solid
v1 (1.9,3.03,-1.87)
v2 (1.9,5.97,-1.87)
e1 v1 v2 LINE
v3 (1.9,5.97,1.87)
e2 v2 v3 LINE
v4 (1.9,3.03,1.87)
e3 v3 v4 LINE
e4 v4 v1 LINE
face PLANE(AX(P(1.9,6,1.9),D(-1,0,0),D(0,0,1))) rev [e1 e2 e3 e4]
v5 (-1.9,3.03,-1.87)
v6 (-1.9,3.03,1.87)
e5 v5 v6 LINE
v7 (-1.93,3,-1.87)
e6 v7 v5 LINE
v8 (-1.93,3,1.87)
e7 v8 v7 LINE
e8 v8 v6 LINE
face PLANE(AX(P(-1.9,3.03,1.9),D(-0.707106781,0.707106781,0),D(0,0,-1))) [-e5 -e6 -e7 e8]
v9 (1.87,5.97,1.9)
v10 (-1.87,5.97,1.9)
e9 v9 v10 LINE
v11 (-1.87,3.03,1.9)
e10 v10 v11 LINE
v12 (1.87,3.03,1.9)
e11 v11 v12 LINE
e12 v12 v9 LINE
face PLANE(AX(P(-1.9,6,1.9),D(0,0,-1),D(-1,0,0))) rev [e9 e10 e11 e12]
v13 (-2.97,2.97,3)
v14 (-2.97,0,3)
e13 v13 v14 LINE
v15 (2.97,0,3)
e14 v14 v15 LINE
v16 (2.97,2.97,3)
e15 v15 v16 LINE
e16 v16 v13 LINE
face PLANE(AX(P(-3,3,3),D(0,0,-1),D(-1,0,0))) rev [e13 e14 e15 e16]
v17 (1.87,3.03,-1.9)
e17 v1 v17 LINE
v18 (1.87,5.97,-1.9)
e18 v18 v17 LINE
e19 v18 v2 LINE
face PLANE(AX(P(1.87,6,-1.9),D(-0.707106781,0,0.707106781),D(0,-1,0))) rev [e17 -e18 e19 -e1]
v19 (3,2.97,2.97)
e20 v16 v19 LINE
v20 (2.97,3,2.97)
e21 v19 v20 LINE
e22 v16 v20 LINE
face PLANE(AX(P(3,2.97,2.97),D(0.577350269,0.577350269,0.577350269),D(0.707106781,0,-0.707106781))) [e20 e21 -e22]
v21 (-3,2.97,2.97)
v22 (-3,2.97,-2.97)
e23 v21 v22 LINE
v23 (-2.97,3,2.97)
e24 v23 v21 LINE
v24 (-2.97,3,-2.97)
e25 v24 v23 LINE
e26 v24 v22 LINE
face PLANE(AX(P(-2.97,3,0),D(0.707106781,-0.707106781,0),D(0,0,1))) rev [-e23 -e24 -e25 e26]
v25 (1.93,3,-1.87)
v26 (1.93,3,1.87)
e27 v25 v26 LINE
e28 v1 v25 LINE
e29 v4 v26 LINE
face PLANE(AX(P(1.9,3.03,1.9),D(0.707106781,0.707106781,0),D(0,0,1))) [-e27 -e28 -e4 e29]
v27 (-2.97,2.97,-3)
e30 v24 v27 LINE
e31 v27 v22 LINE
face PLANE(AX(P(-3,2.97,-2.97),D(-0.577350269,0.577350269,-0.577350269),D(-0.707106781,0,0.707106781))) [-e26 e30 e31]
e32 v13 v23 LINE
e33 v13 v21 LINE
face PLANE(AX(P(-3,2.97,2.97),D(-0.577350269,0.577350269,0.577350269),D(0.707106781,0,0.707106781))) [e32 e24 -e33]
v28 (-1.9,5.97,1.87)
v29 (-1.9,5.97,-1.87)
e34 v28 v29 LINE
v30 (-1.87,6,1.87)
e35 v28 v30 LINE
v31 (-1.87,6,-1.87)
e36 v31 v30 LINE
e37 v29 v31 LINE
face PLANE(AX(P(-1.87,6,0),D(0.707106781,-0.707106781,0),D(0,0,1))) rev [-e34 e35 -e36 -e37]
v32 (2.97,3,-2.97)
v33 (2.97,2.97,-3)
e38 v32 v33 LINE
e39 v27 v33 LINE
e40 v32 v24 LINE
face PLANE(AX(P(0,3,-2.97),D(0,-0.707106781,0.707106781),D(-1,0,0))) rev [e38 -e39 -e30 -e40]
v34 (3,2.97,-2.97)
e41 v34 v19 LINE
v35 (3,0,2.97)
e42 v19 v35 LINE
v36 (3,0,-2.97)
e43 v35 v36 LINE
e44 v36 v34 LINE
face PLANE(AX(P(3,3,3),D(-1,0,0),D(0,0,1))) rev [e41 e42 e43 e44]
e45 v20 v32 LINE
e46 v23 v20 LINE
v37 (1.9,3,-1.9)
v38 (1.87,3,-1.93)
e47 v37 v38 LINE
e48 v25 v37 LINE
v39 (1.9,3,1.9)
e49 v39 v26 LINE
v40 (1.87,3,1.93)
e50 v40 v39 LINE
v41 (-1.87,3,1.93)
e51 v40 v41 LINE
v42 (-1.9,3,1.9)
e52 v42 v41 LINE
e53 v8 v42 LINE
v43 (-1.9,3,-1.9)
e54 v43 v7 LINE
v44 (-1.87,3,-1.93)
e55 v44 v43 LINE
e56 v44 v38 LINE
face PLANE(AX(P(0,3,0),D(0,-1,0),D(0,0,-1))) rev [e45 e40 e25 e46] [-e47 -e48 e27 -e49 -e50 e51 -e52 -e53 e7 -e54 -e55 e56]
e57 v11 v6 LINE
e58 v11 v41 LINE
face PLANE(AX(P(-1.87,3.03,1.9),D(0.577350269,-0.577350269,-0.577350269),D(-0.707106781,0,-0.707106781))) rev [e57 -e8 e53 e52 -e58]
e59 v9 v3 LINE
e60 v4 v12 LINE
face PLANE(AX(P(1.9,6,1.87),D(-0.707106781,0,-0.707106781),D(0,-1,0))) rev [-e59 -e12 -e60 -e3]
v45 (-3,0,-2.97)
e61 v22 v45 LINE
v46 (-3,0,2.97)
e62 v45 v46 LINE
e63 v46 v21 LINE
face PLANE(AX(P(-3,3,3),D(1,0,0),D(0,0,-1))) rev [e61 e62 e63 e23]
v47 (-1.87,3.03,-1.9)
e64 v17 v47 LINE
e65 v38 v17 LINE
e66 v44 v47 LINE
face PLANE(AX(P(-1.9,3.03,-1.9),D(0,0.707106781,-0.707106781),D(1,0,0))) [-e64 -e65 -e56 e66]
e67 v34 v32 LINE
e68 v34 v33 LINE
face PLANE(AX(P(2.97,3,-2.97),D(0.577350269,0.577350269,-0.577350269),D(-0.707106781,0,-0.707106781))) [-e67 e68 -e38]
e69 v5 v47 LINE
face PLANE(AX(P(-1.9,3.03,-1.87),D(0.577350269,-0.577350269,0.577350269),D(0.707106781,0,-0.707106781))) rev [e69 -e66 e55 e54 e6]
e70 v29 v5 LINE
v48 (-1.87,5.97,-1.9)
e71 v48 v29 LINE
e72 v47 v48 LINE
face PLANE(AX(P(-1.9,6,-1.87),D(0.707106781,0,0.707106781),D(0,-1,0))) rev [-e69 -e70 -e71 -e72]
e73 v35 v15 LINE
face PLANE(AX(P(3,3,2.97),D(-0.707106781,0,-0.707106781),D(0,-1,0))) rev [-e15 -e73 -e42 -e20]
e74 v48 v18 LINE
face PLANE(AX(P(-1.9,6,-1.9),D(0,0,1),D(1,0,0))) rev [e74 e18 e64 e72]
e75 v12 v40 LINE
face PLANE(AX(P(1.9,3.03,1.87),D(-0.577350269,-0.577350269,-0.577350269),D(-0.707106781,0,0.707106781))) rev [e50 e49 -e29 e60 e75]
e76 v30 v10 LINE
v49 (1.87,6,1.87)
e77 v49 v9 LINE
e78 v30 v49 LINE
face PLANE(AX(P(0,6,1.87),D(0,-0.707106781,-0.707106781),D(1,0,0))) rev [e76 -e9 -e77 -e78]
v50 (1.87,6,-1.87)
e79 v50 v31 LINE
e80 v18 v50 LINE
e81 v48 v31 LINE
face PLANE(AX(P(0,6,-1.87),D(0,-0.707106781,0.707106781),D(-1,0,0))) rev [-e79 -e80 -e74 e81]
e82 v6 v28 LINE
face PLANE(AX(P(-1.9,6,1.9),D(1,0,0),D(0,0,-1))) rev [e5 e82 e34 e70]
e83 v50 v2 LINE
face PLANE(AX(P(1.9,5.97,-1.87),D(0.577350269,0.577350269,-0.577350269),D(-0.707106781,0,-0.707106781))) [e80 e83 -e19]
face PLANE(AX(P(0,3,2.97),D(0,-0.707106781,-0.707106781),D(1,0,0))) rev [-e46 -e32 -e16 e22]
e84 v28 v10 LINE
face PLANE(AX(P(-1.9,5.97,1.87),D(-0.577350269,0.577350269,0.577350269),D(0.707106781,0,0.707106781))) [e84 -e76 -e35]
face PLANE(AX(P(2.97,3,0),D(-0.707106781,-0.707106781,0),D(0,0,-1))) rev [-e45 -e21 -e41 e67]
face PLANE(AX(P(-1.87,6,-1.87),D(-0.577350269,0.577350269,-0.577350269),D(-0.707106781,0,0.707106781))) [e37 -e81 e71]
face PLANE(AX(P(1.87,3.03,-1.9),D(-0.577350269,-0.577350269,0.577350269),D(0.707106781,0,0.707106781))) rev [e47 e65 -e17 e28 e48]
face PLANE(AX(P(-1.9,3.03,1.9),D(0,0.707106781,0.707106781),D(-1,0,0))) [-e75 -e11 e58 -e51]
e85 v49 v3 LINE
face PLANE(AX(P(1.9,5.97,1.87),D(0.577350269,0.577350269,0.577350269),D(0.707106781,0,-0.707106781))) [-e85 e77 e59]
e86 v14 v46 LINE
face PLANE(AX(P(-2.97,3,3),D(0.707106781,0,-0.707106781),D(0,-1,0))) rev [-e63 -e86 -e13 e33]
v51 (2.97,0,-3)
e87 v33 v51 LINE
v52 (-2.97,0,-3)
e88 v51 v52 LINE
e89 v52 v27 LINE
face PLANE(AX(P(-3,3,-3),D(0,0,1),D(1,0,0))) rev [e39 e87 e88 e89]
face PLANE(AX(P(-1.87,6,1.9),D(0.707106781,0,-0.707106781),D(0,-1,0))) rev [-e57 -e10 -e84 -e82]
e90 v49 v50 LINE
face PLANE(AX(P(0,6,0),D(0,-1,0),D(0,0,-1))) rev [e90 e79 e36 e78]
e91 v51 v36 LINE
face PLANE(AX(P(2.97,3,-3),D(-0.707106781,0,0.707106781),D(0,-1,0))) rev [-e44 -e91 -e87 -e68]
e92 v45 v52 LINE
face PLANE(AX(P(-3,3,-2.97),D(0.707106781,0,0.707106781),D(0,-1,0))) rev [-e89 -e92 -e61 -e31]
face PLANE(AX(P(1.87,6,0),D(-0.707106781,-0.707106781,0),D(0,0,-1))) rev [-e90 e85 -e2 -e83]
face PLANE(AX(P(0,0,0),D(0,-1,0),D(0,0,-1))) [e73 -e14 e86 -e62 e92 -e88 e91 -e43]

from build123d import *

# Parameters (mm, degrees)
ESQUISSE1_W        = 6
ESQUISSE1_H        = 6
BOSS_EXTRU_1_DEPTH = 3
ESQUISSE2_W        = 3.8
ESQUISSE2_H        = 3.8
BOSS_EXTRU_2_DEPTH = 3
CHANFREIN1_SIZE    = 0.03


with BuildPart() as part:
    # Esquisse1 → Boss.-Extru.1 (new body)
    with BuildSketch(Plane(origin=(0, 0, 0), x_dir=(1, 0, 0), z_dir=(0, 1, 0))):
        Rectangle(ESQUISSE1_W, ESQUISSE1_H)
    extrude(amount=BOSS_EXTRU_1_DEPTH)

    # Esquisse2 → Boss.-Extru.2 (add)
    with BuildSketch(Plane(origin=(0, 3, 0), x_dir=(1, 0, 0), z_dir=(0, 1, 0))):
        Rectangle(ESQUISSE2_W, ESQUISSE2_H)
    extrude(amount=BOSS_EXTRU_2_DEPTH)

    # Chanfrein1
    chanfrein1_edges = [part.edges().sort_by_distance(p)[0] for p in [
        (-3, 3, 0),
        (1.9, 3, 0),
        (1.9, 4.5, 1.9),
        (0, 3, 3),
        (0, 3, -1.9),
        (1.9, 4.5, -1.9),
        (-1.9, 3, 0),
        (-1.9, 4.5, -1.9),
        (0, 3, 1.9),
        (-1.9, 4.5, 1.9),
        (1.9, 6, 0),
        (0, 6, -1.9),
        (-1.9, 6, 0),
        (0, 6, 1.9),
        (3, 3, 0),
        (3, 1.5, 3),
        (-3, 1.5, 3),
        (-3, 1.5, -3),
        (3, 1.5, -3),
        (0, 3, -3),
    ]]
    chamfer(chanfrein1_edges, length=CHANFREIN1_SIZE)


solid = part.part
